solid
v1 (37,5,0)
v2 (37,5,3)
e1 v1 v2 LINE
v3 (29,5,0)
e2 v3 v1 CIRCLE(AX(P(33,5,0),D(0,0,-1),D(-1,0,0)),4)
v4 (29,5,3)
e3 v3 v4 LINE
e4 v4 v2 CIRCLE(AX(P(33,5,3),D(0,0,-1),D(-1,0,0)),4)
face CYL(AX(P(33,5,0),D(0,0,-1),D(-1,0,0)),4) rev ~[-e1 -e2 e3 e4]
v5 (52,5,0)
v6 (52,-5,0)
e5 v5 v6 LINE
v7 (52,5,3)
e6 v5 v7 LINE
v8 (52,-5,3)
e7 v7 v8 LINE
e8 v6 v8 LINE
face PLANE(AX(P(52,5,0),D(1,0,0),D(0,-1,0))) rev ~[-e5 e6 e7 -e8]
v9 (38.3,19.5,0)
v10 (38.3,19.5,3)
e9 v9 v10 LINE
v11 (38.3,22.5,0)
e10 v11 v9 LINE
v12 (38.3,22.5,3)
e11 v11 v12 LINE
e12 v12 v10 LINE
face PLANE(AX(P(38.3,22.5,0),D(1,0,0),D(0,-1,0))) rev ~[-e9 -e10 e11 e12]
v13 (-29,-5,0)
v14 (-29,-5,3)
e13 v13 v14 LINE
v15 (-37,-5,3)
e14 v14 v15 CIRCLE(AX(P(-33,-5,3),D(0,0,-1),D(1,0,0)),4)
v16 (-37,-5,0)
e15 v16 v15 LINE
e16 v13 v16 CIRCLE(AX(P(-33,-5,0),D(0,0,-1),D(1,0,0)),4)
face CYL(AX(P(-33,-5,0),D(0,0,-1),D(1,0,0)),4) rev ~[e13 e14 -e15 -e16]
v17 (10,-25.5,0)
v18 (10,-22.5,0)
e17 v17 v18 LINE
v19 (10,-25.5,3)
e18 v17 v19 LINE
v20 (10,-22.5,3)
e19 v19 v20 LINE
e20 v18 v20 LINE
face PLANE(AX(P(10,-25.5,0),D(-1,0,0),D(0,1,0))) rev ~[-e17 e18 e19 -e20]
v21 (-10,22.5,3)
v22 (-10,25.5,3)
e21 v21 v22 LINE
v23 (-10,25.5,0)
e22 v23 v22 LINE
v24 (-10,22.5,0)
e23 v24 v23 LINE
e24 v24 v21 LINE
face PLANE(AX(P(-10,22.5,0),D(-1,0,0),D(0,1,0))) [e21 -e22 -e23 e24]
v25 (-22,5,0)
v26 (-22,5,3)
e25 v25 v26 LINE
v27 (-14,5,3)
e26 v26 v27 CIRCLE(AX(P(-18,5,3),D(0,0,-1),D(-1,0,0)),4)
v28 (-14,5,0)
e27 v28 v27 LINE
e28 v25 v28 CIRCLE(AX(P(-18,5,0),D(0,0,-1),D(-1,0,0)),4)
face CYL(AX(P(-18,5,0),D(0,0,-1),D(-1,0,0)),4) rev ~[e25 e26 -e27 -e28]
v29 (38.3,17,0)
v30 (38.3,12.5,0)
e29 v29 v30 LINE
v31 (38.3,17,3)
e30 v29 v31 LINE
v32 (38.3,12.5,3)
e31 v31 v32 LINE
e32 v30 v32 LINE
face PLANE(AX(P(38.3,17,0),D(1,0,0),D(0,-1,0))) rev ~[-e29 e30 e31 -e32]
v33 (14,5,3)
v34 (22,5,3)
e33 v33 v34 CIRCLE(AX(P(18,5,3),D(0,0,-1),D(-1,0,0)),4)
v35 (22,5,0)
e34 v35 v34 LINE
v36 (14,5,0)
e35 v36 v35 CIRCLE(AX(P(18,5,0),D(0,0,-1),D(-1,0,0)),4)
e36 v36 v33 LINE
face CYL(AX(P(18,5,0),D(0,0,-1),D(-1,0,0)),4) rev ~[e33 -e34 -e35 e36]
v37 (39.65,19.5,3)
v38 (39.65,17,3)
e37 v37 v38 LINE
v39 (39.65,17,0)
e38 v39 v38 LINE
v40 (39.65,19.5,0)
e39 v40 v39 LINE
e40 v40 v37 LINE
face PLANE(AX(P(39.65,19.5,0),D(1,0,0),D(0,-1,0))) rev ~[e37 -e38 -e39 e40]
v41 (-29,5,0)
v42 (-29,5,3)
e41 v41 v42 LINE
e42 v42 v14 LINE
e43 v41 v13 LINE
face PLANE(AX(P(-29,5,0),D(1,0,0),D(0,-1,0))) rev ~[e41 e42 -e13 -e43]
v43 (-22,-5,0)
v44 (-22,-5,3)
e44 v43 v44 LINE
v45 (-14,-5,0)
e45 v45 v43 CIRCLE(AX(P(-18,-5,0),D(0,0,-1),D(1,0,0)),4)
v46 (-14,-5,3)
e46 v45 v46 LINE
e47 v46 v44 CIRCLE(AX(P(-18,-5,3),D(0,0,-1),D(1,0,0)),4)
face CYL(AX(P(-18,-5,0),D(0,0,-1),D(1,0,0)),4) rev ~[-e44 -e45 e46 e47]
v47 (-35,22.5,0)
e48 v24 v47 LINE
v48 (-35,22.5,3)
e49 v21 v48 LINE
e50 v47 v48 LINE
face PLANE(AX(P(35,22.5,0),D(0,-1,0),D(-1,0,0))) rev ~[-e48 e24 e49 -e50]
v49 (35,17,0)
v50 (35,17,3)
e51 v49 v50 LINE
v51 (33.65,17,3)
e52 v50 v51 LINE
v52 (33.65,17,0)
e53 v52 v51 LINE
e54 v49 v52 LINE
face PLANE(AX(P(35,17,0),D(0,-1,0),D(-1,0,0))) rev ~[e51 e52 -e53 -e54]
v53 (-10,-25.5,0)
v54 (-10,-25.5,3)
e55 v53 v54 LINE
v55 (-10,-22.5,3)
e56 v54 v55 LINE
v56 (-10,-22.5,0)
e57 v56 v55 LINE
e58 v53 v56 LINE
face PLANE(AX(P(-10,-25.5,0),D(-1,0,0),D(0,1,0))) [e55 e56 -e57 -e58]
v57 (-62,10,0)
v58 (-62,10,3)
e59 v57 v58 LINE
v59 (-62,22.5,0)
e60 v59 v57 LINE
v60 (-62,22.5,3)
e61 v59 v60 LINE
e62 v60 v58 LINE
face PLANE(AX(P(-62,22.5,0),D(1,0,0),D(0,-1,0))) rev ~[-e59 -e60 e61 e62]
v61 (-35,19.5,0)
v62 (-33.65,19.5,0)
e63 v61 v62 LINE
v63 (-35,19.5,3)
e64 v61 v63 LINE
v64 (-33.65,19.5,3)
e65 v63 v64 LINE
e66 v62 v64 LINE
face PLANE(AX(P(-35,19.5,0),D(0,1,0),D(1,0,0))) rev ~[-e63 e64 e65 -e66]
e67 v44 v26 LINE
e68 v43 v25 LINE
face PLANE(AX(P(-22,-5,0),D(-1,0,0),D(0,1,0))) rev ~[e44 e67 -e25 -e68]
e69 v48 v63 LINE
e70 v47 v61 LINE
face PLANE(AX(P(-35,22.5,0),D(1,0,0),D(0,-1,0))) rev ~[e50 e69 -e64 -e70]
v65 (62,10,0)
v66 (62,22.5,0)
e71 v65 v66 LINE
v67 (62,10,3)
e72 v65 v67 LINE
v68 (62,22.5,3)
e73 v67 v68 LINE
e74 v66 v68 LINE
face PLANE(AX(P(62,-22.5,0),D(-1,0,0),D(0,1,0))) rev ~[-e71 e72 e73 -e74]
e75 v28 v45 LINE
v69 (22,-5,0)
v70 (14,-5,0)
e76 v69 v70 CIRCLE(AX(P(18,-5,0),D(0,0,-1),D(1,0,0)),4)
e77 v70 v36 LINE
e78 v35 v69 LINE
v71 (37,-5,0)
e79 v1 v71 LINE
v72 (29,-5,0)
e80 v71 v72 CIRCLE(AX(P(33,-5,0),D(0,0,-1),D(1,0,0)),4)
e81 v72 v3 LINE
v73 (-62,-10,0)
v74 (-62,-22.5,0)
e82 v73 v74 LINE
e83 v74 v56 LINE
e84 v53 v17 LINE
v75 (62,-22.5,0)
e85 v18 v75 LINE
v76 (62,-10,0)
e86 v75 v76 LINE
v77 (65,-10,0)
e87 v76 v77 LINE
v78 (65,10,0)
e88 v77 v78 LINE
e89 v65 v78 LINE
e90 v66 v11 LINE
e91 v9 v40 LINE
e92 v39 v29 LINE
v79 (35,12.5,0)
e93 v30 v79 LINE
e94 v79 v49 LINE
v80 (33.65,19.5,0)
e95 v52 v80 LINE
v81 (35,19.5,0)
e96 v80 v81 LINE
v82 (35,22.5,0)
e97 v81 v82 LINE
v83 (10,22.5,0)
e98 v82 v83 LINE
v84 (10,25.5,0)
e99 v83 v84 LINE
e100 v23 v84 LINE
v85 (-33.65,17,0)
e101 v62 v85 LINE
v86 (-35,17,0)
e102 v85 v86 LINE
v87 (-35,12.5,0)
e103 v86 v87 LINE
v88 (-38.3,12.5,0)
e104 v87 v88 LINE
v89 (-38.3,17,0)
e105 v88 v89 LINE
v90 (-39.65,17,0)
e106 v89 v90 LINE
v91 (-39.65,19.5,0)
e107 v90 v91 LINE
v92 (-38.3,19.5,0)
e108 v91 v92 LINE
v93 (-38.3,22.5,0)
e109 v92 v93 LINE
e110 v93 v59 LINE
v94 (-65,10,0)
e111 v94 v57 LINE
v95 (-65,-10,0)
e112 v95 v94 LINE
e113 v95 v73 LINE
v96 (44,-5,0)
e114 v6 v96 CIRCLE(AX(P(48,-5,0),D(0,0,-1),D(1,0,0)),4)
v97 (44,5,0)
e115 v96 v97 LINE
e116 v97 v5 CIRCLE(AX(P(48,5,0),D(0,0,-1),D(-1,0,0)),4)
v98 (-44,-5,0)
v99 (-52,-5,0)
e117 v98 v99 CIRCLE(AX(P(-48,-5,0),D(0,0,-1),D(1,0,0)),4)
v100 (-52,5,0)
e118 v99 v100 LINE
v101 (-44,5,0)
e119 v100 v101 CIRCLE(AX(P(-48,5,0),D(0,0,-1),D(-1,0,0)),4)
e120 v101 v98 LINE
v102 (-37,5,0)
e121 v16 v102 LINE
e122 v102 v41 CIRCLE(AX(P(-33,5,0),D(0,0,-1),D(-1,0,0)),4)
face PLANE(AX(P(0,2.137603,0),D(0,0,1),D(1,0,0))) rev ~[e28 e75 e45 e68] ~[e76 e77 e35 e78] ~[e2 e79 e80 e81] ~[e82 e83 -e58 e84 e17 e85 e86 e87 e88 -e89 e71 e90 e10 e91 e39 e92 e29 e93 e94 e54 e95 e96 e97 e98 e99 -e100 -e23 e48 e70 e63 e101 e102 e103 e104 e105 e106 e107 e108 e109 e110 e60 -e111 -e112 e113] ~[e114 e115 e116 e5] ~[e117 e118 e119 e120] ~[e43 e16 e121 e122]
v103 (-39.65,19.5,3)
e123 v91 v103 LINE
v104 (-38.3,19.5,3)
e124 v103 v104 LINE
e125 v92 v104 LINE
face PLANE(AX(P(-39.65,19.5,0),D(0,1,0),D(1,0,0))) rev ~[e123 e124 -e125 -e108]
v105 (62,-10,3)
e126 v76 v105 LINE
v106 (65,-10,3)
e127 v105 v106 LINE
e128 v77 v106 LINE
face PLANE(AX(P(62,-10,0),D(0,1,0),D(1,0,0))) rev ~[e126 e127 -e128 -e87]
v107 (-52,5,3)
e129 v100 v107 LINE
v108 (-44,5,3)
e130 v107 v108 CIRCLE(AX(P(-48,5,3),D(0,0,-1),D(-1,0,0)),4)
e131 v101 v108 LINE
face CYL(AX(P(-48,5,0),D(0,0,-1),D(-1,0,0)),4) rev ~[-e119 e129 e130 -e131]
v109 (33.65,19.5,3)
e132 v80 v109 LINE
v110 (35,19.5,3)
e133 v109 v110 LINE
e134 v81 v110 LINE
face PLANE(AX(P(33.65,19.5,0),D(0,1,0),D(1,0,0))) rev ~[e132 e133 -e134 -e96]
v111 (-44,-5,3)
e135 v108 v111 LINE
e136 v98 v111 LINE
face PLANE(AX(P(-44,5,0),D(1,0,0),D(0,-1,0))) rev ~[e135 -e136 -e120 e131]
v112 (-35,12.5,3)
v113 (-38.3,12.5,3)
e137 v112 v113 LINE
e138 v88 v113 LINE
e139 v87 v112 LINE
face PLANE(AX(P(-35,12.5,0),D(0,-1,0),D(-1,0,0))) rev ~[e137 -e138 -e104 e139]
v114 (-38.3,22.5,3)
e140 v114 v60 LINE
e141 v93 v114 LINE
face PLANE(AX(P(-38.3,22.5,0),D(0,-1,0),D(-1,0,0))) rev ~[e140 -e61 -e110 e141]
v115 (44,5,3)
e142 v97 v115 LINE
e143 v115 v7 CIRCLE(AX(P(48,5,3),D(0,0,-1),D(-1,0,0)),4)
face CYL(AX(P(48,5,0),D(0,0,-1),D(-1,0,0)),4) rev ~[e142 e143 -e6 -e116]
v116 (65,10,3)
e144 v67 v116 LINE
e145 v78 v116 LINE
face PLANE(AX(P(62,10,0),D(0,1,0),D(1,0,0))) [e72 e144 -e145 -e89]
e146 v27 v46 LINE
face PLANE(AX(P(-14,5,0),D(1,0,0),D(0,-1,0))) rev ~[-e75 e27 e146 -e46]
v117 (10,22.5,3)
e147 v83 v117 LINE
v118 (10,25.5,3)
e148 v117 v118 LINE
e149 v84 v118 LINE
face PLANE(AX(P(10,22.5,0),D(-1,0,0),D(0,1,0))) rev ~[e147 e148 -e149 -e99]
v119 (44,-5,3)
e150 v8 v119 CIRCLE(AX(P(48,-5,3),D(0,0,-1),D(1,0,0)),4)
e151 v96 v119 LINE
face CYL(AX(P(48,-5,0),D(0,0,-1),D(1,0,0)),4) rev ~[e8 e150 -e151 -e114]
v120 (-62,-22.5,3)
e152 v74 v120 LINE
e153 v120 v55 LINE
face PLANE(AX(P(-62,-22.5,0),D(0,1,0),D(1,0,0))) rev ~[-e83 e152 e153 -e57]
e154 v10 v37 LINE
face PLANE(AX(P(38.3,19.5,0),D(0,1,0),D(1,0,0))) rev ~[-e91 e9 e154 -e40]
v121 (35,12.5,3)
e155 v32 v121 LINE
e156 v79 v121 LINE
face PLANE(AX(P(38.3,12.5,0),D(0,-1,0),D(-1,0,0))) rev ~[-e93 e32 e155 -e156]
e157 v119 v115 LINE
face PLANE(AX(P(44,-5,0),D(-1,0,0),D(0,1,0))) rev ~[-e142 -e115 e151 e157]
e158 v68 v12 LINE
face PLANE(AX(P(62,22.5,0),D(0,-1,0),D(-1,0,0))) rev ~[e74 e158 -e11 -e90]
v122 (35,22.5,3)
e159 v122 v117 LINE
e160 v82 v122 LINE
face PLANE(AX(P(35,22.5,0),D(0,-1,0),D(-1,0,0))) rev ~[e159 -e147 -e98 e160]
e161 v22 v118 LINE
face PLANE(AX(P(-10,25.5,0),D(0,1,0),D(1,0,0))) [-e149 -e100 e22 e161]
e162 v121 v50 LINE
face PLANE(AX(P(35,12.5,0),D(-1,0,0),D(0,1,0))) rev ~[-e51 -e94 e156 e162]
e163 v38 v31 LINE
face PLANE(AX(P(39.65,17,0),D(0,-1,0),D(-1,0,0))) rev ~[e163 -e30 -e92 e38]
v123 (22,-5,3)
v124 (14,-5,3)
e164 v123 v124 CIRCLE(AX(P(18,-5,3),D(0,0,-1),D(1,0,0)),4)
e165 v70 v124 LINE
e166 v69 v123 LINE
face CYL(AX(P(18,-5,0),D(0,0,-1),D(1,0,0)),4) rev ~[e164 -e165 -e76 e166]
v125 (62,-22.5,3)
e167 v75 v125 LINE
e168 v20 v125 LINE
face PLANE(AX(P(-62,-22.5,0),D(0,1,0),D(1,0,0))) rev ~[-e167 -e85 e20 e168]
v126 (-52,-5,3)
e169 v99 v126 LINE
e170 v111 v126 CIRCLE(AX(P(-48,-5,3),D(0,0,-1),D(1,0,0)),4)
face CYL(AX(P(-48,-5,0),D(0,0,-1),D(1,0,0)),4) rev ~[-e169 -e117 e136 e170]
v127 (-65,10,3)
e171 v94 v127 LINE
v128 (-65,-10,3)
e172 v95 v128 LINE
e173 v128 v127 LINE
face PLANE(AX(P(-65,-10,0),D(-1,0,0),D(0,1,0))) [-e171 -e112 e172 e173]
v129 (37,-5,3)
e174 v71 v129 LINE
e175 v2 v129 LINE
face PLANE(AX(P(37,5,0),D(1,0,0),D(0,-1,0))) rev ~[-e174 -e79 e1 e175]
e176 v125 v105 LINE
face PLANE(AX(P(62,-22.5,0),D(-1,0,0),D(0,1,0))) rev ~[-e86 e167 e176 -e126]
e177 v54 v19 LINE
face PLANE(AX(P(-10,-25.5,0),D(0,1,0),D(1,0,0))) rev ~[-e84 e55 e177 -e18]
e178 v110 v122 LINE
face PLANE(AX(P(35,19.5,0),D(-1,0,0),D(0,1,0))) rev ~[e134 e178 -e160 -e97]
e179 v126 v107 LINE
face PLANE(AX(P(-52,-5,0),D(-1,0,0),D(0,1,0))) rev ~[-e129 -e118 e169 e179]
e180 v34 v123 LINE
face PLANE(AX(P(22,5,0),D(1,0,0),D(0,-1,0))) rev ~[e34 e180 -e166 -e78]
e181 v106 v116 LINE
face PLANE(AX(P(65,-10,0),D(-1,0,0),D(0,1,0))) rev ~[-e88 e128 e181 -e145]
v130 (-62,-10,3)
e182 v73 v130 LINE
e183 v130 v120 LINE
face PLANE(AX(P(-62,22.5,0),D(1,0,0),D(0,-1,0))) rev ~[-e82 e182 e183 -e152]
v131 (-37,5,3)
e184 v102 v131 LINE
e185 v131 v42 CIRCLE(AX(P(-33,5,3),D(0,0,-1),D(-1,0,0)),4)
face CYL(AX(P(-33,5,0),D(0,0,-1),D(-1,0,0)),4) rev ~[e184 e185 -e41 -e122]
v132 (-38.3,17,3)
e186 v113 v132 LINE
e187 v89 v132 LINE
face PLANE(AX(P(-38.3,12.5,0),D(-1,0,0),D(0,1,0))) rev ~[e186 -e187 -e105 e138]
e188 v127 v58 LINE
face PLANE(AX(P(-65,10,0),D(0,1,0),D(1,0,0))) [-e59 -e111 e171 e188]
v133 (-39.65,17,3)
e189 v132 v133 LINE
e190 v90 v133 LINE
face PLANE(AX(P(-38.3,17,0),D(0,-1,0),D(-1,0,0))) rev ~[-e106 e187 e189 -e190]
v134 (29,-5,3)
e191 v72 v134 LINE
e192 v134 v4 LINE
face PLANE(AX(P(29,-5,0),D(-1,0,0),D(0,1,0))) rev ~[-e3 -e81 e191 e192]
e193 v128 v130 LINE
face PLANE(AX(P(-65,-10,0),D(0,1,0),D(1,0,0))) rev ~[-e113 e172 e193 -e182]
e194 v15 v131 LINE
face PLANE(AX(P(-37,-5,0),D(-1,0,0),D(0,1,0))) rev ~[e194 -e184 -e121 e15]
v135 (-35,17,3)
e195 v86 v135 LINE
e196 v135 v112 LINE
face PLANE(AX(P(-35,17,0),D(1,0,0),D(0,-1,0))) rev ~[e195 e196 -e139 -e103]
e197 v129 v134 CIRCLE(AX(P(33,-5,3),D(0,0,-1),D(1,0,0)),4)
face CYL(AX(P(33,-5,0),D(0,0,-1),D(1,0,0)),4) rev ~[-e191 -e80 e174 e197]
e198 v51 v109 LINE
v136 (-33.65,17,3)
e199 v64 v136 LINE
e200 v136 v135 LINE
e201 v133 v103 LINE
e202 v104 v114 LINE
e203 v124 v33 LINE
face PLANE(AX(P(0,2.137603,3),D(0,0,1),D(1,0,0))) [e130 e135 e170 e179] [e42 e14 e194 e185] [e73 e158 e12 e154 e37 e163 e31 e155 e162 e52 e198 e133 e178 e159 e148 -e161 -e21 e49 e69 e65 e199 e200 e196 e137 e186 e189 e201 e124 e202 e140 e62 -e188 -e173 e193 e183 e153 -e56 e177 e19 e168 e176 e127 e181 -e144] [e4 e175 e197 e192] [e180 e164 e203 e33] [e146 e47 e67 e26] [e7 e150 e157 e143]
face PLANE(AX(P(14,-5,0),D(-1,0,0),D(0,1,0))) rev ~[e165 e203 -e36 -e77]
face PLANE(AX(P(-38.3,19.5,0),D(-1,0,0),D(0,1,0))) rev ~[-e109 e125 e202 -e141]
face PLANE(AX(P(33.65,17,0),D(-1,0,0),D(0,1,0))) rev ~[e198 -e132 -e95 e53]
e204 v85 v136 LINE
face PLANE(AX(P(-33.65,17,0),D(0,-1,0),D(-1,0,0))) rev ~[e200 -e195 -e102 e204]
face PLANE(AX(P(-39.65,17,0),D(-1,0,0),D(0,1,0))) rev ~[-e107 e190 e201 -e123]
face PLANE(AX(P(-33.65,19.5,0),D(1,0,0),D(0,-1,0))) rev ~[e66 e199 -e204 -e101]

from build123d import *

# Parameters (mm, degrees)
SKETCH1_W           = 3
SKETCH1_H           = 20
SKETCH1_W_2         = 20
SKETCH1_H_2         = 3
BOSS_EXTRUDE1_DEPTH = 3


with BuildPart() as part:
    # Sketch1 → Boss-Extrude1 (new body)
    # profile 1 of 5: a face of its own
    with BuildSketch(Plane.XY):
        with Locations((-63.5, 0)):
            Rectangle(SKETCH1_W, SKETCH1_H)
    # profile 2 of 5: a face of its own
    with BuildSketch(Plane.XY):
        Polygon((10, -22.5), (62, -22.5), (62, -10), (62, 10), (62, 22.5), (38.3, 22.5), (38.3, 19.5), (39.65, 19.5), (39.65, 17), (38.3, 17), (38.3, 12.5), (35, 12.5), (35, 17), (33.65, 17), (33.65, 19.5), (35, 19.5), (35, 22.5), (10, 22.5), (-10, 22.5), (-35, 22.5), (-35, 19.5), (-33.65, 19.5), (-33.65, 17), (-35, 17), (-35, 12.5), (-38.3, 12.5), (-38.3, 17), (-39.65, 17), (-39.65, 19.5), (-38.3, 19.5), (-38.3, 22.5), (-62, 22.5), (-62, 10), (-62, -10), (-62, -22.5), (-10, -22.5), align=None)
        with BuildLine():
            ThreePointArc((-44, -5), (-48, -9), (-52, -5))
            Line((-52, -5), (-52, 5))
            ThreePointArc((-52, 5), (-48, 9), (-44, 5))
            Line((-44, 5), (-44, -5))
        make_face(mode=Mode.SUBTRACT)
        with BuildLine():
            ThreePointArc((-29, -5), (-33, -9), (-37, -5))
            Line((-37, -5), (-37, 5))
            ThreePointArc((-37, 5), (-33, 9), (-29, 5))
            Line((-29, 5), (-29, -5))
        make_face(mode=Mode.SUBTRACT)
        with BuildLine():
            ThreePointArc((-14, -5), (-18, -9), (-22, -5))
            Line((-22, -5), (-22, 5))
            ThreePointArc((-22, 5), (-18, 9), (-14, 5))
            Line((-14, 5), (-14, -5))
        make_face(mode=Mode.SUBTRACT)
        with BuildLine():
            Line((22, 5), (22, -5))
            ThreePointArc((22, -5), (18, -9), (14, -5))
            Line((14, -5), (14, 5))
            ThreePointArc((14, 5), (18, 9), (22, 5))
        make_face(mode=Mode.SUBTRACT)
        with BuildLine():
            Line((37, 5), (37, -5))
            ThreePointArc((37, -5), (33, -9), (29, -5))
            Line((29, -5), (29, 5))
            ThreePointArc((29, 5), (33, 9), (37, 5))
        make_face(mode=Mode.SUBTRACT)
        with BuildLine():
            Line((52, 5), (52, -5))
            ThreePointArc((52, -5), (48, -9), (44, -5))
            Line((44, -5), (44, 5))
            ThreePointArc((44, 5), (48, 9), (52, 5))
        make_face(mode=Mode.SUBTRACT)
    # profile 3 of 5: a face of its own
    with BuildSketch(Plane.XY):
        with Locations((0, 24)):
            Rectangle(SKETCH1_W_2, SKETCH1_H_2)
    # profile 4 of 5: a face of its own
    with BuildSketch(Plane.XY):
        with Locations((63.5, 0)):
            Rectangle(SKETCH1_W, SKETCH1_H)
    # profile 5 of 5: a face of its own
    with BuildSketch(Plane.XY):
        with Locations((0, -24)):
            Rectangle(SKETCH1_W_2, SKETCH1_H_2)
    extrude(amount=BOSS_EXTRUDE1_DEPTH)


solid = part.part
